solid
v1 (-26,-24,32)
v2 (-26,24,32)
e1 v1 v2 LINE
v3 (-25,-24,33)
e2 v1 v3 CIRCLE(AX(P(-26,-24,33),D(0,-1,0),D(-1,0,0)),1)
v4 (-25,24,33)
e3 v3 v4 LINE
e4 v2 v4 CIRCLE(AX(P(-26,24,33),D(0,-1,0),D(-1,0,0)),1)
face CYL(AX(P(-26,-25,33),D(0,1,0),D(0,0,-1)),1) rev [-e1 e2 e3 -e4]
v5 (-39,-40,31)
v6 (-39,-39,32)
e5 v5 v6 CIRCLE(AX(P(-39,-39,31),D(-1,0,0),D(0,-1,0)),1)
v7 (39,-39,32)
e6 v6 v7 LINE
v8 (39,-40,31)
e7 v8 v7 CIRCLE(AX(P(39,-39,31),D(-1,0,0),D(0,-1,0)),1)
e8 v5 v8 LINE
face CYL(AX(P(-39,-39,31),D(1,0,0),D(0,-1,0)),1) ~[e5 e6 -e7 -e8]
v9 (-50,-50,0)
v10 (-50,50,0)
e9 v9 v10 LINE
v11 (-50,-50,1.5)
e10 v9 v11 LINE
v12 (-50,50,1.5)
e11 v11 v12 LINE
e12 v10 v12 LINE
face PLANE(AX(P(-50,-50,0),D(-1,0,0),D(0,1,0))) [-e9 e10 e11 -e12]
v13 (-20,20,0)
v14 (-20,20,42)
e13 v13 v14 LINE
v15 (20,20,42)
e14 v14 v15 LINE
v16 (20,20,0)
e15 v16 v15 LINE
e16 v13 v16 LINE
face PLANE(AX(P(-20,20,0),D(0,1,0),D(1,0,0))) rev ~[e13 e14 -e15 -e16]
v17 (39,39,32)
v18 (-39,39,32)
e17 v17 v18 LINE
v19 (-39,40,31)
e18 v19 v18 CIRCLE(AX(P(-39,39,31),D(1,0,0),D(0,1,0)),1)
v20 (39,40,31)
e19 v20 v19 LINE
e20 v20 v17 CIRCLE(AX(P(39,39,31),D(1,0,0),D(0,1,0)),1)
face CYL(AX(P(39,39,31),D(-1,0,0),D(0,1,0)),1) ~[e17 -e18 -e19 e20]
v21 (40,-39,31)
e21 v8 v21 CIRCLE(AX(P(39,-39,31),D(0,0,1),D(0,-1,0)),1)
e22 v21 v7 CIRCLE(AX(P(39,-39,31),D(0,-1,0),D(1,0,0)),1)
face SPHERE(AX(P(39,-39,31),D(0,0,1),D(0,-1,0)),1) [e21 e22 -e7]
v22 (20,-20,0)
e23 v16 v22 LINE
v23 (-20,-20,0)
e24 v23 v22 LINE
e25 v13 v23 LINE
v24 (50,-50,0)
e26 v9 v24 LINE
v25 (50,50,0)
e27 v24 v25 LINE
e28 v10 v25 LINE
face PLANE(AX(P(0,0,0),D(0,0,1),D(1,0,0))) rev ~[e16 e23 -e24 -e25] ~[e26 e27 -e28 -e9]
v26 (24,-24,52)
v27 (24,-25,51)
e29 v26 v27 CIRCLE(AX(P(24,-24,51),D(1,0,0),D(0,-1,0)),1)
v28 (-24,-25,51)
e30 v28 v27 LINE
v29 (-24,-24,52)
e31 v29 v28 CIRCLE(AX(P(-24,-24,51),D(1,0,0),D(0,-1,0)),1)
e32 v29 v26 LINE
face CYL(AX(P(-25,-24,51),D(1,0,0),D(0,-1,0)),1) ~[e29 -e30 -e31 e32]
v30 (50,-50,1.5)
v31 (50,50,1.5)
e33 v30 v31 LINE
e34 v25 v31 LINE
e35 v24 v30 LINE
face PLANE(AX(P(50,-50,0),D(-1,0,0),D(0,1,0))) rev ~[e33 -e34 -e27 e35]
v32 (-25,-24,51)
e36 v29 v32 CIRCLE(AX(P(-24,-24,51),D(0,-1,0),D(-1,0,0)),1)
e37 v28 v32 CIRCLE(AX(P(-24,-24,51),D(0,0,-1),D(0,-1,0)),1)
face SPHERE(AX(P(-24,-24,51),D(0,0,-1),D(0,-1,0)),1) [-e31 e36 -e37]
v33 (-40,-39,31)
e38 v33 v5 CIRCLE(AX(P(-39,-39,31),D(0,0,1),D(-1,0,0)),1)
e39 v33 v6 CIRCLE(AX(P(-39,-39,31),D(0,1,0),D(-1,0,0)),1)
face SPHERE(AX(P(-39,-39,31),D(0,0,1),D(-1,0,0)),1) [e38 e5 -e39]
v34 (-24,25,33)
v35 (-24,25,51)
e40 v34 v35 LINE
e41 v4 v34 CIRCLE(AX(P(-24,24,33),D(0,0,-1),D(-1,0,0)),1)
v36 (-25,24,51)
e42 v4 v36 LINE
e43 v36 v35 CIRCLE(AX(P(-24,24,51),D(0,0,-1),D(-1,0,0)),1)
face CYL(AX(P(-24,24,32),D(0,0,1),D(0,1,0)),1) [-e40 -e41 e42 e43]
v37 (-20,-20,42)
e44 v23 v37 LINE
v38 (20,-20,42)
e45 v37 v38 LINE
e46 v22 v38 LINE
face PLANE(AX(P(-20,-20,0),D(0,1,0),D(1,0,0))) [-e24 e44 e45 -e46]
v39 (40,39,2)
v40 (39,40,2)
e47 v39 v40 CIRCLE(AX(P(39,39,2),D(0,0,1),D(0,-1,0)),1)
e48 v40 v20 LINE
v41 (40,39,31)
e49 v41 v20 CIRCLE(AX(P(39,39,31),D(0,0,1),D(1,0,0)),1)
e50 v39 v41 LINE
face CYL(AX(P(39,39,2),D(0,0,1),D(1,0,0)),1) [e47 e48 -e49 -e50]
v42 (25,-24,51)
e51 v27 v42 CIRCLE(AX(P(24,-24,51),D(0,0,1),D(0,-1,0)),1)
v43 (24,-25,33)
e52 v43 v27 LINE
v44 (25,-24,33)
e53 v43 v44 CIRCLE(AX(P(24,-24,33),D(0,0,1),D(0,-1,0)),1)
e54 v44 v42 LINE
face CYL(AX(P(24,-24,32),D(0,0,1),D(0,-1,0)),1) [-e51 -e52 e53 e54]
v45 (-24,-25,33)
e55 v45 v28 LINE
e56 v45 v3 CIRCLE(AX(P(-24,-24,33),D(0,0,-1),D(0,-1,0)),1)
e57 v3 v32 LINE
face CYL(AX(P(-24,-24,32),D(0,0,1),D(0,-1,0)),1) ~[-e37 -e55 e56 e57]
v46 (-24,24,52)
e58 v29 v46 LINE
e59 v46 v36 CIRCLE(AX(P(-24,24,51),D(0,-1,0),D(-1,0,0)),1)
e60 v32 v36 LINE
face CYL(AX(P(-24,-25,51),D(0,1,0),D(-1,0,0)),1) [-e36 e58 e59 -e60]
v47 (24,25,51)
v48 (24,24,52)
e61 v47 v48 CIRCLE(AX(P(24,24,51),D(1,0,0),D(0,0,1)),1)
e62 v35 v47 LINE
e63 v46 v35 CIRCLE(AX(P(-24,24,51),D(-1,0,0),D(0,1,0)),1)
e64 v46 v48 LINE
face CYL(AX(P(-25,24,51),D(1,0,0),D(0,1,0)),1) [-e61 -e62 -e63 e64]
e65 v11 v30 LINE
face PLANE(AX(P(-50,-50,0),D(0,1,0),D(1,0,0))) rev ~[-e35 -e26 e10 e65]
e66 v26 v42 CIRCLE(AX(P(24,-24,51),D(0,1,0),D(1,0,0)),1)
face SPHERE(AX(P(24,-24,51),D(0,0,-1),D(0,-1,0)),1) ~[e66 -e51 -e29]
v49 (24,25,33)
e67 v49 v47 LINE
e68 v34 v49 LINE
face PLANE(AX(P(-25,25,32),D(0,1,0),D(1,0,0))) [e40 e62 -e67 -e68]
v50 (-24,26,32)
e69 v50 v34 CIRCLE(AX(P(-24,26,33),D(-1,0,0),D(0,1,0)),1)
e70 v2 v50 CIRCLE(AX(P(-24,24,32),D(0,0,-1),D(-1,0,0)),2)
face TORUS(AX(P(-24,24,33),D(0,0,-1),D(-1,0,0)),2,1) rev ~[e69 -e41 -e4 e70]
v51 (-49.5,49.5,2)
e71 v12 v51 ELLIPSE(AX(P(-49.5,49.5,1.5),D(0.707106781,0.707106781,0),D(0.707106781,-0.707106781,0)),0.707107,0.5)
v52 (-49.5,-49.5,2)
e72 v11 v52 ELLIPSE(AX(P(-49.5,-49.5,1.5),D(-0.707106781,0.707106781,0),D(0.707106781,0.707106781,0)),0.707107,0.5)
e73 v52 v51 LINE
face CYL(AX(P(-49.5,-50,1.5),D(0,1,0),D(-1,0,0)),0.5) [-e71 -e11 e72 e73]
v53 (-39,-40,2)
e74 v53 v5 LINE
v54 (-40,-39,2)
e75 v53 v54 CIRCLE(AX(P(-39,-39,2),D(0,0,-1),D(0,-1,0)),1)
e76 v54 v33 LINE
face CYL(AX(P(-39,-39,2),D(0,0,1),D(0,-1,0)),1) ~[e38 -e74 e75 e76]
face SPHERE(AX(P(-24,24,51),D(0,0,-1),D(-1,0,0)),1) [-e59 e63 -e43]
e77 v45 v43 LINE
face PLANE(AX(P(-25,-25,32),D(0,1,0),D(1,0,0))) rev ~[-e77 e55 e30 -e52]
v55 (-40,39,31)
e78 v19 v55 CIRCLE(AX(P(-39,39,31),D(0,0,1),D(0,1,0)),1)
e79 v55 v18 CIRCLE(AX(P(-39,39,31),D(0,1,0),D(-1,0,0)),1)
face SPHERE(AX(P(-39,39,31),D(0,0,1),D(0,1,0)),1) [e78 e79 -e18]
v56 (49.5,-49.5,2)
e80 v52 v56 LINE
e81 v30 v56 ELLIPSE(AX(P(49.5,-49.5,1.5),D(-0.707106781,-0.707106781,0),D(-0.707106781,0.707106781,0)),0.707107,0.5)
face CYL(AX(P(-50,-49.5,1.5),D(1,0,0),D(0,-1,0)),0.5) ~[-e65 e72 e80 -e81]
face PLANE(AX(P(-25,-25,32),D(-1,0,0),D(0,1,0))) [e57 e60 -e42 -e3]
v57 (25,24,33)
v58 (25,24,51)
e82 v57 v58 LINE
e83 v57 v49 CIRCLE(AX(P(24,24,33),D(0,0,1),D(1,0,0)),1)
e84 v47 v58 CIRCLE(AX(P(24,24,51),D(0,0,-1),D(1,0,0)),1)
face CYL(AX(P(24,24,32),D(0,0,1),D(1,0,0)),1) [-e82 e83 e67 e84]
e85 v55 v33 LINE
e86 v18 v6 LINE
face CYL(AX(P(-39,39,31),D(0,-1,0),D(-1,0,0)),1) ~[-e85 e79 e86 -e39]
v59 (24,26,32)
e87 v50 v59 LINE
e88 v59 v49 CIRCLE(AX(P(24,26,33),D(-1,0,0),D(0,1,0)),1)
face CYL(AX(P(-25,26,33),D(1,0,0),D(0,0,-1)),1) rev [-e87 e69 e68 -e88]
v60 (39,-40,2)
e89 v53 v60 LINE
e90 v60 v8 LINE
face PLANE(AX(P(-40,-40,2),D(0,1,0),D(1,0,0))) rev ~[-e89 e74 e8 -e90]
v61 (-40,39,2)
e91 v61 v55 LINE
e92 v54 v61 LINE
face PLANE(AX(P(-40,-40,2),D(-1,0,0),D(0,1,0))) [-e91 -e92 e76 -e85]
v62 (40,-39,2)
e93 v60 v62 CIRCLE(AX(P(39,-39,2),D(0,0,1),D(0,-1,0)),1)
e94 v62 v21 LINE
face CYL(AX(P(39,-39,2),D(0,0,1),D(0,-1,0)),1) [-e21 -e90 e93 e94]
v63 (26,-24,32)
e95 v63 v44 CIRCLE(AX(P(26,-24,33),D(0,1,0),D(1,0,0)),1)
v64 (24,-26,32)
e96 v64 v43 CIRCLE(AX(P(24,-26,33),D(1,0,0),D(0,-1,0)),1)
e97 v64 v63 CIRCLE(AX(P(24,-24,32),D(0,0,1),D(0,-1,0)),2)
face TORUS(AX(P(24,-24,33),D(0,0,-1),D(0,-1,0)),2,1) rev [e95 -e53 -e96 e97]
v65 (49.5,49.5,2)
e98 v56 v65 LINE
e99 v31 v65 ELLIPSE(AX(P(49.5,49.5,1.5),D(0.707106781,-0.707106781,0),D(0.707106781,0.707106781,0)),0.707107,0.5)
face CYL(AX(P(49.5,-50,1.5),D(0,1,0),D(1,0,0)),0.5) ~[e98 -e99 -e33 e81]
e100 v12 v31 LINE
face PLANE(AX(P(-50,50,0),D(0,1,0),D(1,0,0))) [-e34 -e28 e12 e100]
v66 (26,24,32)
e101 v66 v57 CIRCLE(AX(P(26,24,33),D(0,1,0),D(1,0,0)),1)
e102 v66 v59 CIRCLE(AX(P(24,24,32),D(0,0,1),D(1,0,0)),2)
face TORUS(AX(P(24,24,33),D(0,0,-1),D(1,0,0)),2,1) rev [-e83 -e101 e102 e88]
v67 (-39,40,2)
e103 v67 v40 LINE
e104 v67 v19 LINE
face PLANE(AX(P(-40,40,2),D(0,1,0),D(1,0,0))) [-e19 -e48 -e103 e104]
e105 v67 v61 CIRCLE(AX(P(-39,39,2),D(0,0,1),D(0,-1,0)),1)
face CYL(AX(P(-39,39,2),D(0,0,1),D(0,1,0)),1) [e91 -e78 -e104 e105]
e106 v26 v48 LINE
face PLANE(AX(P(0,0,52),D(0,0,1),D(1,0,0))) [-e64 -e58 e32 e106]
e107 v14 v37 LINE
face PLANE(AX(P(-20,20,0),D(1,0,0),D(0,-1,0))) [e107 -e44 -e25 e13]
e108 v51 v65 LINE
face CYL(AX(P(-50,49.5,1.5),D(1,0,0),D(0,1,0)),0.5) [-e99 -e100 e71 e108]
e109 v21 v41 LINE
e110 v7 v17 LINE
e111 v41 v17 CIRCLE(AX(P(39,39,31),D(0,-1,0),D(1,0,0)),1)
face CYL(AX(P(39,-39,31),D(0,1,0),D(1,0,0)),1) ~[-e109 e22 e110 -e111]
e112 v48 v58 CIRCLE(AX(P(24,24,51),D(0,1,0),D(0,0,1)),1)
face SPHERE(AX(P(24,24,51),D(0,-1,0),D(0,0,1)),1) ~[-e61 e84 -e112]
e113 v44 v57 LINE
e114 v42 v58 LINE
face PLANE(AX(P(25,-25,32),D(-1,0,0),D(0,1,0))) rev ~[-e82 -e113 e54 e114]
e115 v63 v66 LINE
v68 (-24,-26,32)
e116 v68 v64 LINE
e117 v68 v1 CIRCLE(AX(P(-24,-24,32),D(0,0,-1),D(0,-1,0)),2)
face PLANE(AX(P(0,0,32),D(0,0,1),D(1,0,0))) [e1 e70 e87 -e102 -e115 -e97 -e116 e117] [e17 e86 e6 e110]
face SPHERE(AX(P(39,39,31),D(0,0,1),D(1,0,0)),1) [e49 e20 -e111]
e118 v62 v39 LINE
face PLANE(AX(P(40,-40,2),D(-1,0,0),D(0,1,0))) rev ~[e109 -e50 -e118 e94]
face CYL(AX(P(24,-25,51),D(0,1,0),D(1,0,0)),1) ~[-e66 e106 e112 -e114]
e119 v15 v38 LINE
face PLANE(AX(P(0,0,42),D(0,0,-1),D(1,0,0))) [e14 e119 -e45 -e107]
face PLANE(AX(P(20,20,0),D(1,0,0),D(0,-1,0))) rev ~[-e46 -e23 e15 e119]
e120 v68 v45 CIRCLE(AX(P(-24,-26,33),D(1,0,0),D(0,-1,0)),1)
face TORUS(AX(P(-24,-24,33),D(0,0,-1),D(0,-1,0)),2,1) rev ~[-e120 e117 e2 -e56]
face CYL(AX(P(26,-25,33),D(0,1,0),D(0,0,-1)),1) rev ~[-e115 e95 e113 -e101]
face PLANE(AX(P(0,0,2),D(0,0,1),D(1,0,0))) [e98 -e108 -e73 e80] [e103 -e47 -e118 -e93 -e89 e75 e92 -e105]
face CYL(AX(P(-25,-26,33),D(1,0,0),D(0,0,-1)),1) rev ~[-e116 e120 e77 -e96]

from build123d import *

# Parameters (mm, degrees)
F0_W      = 100
F0_H      = 100
F1_DEPTH  = 2
F2_R      = 0.5
F4_W      = 80
F4_H      = 80
F5_DEPTH  = 30
F6_R      = 1
F7_R      = 1
F8_W      = 50
F8_H      = 50
F9_DEPTH  = 20
F10_R     = 1
F11_W     = 40
F11_H     = 40
F12_DEPTH = 42


with BuildPart() as f1:
    # F0 (on Top) → F1 (new body)
    with BuildSketch(Plane.XY):
        Rectangle(F0_W, F0_H)
    extrude(amount=F1_DEPTH)

    # F2
    f2_edges = [f1.edges().sort_by_distance(p)[0] for p in [
        (50, 0, 2),
        (0, 50, 2),
        (-50, 0, 2),
        (0, -50, 2),
    ]]
    fillet(f2_edges, radius=F2_R)

    # F4 (on offset) → F5 (join)
    with BuildSketch(Plane.XY.offset(2)):
        Rectangle(F4_W, F4_H)
    extrude(amount=F5_DEPTH)

    # F6
    f6_edges = [f1.edges().sort_by_distance(p)[0] for p in [
        (-40, -40, 17),
        (40, -40, 17),
        (40, 40, 17),
        (-40, 40, 17),
    ]]
    fillet(f6_edges, radius=F6_R)

    # F7
    f7_edges = [f1.edges().sort_by_distance(p)[0] for p in [
        (40, 0, 32),
        (39.707107, -39.707107, 32),
        (39.707107, 39.707107, 32),
        (0, -40, 32),
        (0, 40, 32),
        (-39.707107, -39.707107, 32),
        (-39.707107, 39.707107, 32),
        (-40, 0, 32),
    ]]
    fillet(f7_edges, radius=F7_R)

    # F8 (on face) → F9 (join)
    with BuildSketch(Plane.XY.offset(32)):
        Rectangle(F8_W, F8_H)
    extrude(amount=F9_DEPTH)

    # F10
    f10_edges = [f1.edges().sort_by_distance(p)[0] for p in [
        (-25, -25, 42),
        (25, -25, 42),
        (0, -25, 32),
        (0, -25, 52),
        (-25, 25, 42),
        (-25, 0, 32),
        (-25, 0, 52),
        (25, 0, 52),
        (0, 25, 52),
        (25, 25, 42),
        (25, 0, 32),
        (0, 25, 32),
    ]]
    fillet(f10_edges, radius=F10_R)

    # F11 (on face) → F12 (cut)
    with BuildSketch(Plane(origin=(0, 0, 0), x_dir=(1, 0, 0), z_dir=(0, 0, -1))):
        Rectangle(F11_W, F11_H)
    extrude(amount=-F12_DEPTH, mode=Mode.SUBTRACT)


solid = f1.part
